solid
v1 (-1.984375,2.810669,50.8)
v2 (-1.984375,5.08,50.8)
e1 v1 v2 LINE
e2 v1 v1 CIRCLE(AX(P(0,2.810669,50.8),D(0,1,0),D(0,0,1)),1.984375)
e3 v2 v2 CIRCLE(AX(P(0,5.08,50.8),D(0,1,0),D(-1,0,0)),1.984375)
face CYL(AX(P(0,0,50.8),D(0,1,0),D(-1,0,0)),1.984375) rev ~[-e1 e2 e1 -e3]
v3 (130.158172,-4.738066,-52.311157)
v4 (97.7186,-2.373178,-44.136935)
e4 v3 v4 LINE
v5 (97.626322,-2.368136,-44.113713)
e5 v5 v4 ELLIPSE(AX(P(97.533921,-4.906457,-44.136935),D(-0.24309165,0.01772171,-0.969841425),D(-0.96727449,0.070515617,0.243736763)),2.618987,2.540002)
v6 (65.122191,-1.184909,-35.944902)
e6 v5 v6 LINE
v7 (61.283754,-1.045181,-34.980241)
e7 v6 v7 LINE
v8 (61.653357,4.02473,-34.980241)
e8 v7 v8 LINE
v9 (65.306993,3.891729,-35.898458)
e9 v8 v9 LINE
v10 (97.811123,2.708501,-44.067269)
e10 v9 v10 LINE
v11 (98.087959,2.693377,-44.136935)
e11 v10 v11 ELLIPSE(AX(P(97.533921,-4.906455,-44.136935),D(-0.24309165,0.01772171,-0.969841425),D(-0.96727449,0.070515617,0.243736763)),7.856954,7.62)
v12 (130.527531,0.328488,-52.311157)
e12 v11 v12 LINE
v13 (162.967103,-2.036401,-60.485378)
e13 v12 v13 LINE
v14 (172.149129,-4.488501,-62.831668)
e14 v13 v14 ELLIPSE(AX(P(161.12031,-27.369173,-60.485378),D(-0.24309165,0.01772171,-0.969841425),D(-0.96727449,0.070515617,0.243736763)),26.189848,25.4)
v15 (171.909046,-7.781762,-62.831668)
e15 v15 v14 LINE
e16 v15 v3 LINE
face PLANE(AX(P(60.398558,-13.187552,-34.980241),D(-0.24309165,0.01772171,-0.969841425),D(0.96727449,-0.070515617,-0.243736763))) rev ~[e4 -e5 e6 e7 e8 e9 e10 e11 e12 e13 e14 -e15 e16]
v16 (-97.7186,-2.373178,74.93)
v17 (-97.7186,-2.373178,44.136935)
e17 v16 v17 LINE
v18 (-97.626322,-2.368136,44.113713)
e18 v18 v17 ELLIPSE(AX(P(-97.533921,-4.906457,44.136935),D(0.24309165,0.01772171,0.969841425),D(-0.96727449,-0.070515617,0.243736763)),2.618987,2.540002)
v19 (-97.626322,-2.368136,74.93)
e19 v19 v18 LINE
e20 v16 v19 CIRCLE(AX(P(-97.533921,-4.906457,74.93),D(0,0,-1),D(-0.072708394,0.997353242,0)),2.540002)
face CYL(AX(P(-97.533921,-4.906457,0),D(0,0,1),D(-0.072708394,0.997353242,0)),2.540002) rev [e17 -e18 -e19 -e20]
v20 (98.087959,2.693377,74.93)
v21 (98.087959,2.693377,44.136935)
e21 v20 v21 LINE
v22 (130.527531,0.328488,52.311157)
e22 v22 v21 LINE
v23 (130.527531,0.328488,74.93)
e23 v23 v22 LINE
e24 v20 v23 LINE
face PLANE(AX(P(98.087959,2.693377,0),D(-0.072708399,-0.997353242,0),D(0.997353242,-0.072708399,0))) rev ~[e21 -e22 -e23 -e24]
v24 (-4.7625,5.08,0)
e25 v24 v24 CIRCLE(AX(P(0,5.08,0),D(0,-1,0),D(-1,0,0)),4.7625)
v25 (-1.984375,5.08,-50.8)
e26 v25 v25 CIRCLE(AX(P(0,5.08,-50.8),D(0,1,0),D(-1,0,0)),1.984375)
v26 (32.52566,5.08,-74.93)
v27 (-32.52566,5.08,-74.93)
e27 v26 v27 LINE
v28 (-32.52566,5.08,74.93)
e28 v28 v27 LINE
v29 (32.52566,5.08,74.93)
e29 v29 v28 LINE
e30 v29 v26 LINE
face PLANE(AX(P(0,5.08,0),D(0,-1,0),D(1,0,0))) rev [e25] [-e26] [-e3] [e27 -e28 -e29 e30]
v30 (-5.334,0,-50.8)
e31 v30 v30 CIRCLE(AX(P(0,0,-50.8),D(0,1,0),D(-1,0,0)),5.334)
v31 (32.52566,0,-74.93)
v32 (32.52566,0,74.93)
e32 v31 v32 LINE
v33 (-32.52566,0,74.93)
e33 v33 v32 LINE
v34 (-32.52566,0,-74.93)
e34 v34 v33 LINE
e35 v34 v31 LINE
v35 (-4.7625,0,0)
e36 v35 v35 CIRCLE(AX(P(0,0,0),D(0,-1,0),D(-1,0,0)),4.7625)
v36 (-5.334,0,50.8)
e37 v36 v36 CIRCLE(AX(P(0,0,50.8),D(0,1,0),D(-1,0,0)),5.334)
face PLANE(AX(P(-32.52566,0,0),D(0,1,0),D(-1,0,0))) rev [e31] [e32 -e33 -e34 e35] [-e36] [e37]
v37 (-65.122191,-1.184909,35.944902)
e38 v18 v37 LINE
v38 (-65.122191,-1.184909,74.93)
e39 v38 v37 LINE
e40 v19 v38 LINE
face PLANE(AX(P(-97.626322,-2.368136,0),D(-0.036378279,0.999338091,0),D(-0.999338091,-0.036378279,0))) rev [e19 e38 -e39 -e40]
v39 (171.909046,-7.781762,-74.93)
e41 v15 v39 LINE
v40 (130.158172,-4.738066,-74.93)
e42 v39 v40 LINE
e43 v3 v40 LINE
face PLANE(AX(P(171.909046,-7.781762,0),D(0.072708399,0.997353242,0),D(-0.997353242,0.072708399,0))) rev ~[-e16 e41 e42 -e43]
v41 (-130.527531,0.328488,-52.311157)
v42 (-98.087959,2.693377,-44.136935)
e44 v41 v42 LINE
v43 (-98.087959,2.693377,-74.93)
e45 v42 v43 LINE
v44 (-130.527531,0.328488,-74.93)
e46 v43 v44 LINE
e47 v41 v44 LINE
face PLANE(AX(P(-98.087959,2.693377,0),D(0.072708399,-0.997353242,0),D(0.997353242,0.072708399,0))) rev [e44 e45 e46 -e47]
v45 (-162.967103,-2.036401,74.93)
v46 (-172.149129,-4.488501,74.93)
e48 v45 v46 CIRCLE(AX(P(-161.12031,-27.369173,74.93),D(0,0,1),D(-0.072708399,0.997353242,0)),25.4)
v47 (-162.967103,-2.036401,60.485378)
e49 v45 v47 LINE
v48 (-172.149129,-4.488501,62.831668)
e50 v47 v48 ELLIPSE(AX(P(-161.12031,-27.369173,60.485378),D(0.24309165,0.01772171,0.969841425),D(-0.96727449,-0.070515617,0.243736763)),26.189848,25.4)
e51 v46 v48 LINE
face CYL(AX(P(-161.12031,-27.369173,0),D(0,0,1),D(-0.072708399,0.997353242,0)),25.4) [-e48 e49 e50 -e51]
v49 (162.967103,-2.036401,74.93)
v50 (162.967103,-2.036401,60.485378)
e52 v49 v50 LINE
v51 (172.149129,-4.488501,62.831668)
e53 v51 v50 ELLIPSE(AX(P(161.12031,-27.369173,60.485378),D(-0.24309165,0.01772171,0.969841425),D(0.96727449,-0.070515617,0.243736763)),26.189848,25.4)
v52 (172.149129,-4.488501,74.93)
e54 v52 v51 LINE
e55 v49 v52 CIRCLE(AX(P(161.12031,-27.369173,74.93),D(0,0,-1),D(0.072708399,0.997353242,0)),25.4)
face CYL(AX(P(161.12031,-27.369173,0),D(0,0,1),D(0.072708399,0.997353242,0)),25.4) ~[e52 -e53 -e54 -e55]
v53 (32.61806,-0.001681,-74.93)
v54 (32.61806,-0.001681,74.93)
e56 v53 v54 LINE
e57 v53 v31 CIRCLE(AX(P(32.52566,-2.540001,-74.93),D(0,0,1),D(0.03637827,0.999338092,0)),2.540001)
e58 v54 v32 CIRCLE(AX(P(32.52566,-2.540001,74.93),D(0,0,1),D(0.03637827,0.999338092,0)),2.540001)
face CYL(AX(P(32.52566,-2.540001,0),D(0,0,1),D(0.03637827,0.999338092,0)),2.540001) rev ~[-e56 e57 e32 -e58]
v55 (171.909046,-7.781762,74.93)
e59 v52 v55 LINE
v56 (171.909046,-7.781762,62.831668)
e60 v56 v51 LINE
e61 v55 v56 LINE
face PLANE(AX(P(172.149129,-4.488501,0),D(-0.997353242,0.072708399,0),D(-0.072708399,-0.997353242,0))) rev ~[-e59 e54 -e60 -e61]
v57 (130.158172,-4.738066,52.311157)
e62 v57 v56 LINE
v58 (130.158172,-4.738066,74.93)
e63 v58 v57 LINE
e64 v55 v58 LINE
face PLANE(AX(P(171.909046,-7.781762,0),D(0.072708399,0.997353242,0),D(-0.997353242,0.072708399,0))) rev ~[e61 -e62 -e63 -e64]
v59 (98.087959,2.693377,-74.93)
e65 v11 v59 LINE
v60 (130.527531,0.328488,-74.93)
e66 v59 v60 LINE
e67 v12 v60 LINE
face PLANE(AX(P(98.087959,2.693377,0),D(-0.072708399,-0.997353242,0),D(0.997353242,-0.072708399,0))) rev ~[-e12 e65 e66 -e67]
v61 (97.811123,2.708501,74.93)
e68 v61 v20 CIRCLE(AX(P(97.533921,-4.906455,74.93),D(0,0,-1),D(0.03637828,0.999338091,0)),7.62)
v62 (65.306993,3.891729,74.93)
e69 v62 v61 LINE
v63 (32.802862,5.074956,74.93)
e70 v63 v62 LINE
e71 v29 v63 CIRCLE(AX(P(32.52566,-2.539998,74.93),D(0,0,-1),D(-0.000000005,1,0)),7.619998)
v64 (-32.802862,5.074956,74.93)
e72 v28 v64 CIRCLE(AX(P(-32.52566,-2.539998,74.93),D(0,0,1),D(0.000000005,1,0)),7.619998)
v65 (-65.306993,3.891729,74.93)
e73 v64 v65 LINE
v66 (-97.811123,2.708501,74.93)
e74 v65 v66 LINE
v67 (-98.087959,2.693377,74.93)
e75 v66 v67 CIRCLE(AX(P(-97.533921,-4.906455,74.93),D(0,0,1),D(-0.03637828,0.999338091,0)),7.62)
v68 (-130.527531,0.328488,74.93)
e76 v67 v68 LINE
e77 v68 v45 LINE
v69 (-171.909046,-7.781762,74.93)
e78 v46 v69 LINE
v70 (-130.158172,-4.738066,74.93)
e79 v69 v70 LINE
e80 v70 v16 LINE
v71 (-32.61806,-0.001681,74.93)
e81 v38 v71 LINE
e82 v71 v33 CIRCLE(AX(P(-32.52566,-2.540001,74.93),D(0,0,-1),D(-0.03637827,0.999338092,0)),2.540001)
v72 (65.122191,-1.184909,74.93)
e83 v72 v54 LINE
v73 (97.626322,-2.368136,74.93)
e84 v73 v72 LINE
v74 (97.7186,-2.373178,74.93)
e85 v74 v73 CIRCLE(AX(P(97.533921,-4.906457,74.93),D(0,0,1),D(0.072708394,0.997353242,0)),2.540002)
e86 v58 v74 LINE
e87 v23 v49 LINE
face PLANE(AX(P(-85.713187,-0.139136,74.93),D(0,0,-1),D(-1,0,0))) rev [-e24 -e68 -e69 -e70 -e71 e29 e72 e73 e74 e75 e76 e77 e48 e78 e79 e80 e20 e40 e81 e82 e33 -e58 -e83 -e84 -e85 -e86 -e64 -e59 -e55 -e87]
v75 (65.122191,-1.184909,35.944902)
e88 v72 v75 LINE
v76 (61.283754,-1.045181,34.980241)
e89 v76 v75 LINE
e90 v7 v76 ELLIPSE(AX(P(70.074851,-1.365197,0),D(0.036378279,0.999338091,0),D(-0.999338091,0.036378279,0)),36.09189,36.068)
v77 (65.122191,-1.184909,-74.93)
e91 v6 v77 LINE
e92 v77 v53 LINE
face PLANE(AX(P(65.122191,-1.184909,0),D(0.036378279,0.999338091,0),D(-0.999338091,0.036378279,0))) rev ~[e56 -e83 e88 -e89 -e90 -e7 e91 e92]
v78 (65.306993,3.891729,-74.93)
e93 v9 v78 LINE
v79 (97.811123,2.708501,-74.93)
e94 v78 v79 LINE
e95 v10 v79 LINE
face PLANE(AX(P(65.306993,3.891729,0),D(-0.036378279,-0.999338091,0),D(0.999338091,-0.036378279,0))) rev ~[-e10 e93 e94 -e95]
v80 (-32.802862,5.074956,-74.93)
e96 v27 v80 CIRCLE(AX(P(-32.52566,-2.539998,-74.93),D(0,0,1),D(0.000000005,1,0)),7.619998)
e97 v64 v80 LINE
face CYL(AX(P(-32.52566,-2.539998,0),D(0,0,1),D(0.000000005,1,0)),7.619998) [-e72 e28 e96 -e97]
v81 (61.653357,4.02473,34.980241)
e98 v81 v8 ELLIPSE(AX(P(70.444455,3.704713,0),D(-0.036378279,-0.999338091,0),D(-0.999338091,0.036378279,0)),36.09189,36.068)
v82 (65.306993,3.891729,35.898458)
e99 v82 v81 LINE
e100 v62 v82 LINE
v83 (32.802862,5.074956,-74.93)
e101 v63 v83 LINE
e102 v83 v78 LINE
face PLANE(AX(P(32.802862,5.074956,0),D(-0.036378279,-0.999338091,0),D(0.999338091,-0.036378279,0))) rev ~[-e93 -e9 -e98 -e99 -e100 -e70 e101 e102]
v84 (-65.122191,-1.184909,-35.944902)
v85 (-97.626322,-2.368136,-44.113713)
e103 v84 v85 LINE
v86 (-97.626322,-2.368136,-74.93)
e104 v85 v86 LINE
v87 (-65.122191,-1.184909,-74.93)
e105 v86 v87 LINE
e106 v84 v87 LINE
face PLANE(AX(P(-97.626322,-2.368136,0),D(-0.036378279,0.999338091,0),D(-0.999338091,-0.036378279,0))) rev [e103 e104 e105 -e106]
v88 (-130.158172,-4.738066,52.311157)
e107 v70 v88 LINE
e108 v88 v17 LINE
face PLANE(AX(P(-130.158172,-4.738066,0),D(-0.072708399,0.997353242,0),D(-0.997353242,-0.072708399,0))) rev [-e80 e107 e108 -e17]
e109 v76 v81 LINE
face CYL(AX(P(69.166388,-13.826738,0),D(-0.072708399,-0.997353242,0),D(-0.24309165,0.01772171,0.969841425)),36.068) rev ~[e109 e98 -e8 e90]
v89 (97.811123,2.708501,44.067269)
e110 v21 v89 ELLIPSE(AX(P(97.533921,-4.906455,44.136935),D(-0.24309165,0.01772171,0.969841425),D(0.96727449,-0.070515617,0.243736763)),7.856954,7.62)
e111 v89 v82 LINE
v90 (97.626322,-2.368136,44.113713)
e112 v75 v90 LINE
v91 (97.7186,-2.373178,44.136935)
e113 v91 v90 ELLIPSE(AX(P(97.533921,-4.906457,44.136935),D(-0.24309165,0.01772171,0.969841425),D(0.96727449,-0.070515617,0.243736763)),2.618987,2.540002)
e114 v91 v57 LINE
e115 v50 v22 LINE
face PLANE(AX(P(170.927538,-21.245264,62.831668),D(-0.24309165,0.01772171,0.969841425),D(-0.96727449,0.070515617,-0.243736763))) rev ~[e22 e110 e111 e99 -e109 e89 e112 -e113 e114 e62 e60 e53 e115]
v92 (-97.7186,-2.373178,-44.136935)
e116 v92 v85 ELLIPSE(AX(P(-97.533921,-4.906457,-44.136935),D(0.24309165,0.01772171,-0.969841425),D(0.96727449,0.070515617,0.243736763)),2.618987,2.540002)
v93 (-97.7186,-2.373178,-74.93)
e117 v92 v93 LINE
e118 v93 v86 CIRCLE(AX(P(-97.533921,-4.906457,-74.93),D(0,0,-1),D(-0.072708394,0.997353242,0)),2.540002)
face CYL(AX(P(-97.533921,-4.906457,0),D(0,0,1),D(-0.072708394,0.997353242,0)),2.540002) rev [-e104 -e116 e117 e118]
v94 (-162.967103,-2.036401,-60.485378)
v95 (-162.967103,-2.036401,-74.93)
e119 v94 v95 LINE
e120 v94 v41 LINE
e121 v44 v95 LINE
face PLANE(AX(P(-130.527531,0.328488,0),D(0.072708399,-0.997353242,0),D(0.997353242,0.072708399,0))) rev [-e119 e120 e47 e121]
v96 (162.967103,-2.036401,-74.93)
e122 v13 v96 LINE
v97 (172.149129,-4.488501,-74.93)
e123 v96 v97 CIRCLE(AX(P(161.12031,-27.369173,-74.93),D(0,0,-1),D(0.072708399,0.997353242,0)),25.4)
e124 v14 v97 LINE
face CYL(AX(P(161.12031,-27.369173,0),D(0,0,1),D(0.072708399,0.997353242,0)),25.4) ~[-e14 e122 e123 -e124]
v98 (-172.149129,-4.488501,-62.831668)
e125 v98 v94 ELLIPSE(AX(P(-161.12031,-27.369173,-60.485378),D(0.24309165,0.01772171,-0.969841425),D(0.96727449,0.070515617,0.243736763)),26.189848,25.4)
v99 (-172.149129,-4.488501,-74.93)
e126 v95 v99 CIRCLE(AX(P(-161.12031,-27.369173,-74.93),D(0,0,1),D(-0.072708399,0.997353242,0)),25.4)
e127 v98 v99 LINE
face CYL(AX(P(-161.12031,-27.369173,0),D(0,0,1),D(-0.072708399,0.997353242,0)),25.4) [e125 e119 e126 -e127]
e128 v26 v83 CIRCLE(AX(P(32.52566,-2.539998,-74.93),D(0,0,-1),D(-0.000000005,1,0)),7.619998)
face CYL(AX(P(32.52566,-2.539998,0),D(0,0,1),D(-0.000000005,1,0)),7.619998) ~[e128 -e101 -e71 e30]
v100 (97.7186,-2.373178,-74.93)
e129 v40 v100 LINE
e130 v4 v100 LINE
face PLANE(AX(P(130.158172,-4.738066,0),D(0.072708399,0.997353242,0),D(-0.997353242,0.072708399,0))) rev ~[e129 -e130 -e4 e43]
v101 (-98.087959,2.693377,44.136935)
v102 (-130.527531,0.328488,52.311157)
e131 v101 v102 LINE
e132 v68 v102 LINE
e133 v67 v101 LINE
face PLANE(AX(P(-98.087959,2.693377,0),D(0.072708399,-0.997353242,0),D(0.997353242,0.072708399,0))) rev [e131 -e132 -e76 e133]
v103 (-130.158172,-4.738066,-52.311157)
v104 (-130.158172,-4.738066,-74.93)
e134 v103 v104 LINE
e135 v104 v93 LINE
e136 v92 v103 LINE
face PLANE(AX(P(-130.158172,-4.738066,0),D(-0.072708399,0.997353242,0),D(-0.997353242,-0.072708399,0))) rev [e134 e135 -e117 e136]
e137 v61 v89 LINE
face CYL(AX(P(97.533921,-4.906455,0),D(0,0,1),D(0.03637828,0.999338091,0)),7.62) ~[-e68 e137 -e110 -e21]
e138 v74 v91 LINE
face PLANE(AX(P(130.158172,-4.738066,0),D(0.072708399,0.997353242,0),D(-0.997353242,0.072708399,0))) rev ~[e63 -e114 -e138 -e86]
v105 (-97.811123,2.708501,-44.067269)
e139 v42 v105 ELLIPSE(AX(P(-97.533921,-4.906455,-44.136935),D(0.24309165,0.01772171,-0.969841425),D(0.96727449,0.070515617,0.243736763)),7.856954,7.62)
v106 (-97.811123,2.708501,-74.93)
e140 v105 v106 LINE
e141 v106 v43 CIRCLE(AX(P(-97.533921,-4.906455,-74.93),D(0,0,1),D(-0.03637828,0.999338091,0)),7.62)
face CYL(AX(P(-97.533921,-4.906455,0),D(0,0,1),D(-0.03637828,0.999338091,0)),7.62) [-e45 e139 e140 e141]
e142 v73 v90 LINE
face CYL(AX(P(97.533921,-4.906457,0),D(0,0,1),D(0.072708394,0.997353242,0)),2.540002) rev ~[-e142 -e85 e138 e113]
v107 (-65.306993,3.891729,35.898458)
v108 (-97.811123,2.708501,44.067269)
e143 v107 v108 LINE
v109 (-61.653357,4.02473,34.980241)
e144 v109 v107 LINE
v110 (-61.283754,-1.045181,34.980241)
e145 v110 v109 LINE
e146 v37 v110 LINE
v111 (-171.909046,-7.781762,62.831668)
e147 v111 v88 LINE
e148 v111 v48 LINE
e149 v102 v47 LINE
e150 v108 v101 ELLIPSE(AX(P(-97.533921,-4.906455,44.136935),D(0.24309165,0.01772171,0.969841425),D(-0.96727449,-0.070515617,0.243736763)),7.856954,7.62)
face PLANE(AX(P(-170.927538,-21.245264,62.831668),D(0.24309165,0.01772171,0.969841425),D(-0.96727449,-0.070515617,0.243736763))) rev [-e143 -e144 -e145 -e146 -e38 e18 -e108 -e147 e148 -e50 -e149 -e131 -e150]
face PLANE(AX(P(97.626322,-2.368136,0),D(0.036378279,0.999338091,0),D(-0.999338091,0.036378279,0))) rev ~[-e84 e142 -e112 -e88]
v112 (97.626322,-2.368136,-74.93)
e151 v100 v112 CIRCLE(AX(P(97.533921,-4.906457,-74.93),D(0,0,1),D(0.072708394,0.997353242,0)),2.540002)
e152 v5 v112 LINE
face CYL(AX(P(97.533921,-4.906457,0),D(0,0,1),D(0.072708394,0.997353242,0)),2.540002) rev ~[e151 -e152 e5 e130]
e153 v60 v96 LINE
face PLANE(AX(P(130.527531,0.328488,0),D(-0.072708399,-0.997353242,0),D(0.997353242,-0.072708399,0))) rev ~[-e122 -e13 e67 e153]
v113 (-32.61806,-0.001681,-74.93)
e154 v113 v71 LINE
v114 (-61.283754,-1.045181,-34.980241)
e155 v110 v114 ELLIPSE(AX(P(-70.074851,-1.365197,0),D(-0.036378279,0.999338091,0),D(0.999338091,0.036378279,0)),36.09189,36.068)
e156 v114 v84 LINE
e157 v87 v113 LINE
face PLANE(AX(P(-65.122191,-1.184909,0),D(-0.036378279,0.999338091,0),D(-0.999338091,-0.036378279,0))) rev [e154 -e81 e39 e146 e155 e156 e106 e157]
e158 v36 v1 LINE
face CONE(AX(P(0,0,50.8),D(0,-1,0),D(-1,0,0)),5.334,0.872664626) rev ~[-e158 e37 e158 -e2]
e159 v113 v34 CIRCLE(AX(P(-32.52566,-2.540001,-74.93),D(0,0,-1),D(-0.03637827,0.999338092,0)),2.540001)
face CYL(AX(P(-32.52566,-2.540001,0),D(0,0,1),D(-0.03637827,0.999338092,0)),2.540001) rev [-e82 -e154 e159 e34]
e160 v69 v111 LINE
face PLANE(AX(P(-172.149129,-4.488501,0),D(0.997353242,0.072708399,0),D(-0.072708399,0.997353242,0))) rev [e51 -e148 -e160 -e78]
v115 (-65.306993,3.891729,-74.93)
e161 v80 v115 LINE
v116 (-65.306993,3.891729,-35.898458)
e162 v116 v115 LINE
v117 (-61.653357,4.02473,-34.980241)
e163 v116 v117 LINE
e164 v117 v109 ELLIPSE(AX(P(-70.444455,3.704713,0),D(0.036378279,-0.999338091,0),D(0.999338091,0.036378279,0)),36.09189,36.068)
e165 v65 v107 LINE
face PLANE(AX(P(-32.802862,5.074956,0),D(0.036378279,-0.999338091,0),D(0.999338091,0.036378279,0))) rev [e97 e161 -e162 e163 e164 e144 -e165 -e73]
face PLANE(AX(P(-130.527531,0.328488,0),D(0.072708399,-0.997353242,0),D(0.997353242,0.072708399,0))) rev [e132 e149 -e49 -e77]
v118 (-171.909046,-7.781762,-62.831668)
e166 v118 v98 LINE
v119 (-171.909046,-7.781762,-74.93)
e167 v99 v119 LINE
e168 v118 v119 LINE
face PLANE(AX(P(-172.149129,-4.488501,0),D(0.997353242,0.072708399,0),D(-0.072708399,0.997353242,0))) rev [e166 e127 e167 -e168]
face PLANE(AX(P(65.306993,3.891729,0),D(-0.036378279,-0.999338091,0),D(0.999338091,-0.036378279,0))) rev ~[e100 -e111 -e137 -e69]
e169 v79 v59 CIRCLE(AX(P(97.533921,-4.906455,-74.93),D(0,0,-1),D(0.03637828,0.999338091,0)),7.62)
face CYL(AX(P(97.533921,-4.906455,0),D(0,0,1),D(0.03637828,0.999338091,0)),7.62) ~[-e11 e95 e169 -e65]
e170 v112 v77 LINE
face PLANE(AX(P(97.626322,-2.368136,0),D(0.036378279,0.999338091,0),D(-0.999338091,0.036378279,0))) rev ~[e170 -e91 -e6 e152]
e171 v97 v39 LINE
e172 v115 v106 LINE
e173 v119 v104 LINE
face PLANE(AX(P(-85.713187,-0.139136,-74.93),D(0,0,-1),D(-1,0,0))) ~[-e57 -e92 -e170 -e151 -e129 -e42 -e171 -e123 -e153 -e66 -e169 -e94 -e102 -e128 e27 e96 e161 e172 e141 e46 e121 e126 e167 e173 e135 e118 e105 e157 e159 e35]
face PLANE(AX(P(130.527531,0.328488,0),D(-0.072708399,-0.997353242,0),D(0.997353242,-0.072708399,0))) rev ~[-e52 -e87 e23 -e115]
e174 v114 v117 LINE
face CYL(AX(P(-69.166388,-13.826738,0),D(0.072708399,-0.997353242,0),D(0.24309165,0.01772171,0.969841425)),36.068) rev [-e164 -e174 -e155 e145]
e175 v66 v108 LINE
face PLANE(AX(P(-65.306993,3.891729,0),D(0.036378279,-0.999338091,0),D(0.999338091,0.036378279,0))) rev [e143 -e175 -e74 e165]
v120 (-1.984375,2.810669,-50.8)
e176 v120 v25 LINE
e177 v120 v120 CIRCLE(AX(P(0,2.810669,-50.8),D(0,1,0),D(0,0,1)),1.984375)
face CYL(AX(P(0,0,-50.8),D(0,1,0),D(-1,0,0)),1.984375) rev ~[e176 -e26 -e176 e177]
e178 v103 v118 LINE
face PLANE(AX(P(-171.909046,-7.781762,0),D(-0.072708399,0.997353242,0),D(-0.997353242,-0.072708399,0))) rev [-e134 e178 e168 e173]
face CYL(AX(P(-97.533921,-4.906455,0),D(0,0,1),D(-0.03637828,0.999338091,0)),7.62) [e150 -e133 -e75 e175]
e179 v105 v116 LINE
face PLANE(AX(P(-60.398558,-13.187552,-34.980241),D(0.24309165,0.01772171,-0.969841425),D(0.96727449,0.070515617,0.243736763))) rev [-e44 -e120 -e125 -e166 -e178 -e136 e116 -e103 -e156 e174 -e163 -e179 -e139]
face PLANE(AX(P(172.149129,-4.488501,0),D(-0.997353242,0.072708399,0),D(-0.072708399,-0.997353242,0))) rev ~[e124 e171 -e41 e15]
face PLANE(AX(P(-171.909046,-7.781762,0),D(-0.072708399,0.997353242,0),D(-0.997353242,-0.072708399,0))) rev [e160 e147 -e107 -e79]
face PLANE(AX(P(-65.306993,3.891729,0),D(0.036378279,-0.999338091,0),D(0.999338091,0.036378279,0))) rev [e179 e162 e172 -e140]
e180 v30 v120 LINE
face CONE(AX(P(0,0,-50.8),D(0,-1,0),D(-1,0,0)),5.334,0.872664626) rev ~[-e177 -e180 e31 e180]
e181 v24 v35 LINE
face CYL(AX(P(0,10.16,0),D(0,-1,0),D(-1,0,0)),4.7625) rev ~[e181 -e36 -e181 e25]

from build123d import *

# Parameters (mm, degrees)
BOSS_EXTRUDE1_DEPTH                       = 74.93
CUT_EXTRUDE1_START                        = -13.499231569
CUT_EXTRUDE1_DEPTH                        = 27.344407223
F_5_32_0_15625_DIAMETER_HOLE1_D           = 3.96875
F_5_32_0_15625_DIAMETER_HOLE1_DEPTH       = 5.08
F_5_32_0_15625_DIAMETER_HOLE1_CSINK_D     = 10.668
F_5_32_0_15625_DIAMETER_HOLE1_CSINK_ANGLE = 100
F_3_8_0_375_DIAMETER_HOLE1_D              = 9.525
F_3_8_0_375_DIAMETER_HOLE1_DEPTH          = 5.08


with BuildPart() as part:
    # Sketch6 → Boss-Extrude1 (new body, symmetric)
    with BuildSketch(Plane.XY):
        with BuildLine():
            Line((0, 0), (0, 5.08))
            Line((0, 5.08), (32.525659605, 5.08))
            ThreePointArc((32.525659605, 5.08), (32.664283789, 5.07873896), (32.80286209, 5.074956256))
            Line((32.80286209, 5.074956256), (65.30699268, 3.891728742))
            Line((65.30699268, 3.891728742), (97.81112327, 2.708501229))
            ThreePointArc((97.81112327, 2.708501229), (97.949609823, 2.702198114), (98.087958789, 2.693376674))
            Line((98.087958789, 2.693376674), (130.527530834, 0.328488024))
            Line((130.527530834, 0.328488024), (162.967102879, -2.036400627))
            ThreePointArc((162.967102879, -2.036400627), (167.673823883, -2.829176028), (172.14912896, -4.488501164))
            Line((172.14912896, -4.488501164), (171.909045825, -7.781761568))
            Line((171.909045825, -7.781761568), (130.158172165, -4.738066444))
            Line((130.158172165, -4.738066444), (97.71860012, -2.373177794))
            ThreePointArc((97.71860012, -2.373177794), (97.672483798, -2.370237314), (97.626321614, -2.368136275))
            Line((97.626321614, -2.368136275), (65.122191024, -1.184908762))
            Line((65.122191024, -1.184908762), (32.618060434, -0.001681248))
            ThreePointArc((32.618060434, -0.001681248), (32.571867667, -0.000420347), (32.525659605, 0))
            Line((32.525659605, 0), (0, 0))
        make_face()
    boss_extrude1 = extrude(amount=BOSS_EXTRUDE1_DEPTH, both=True)

    # Sketch11 → Cut-Extrude1 (cut)
    with BuildSketch(Plane(origin=(0.344497228, 4.725525927, 0), x_dir=(0.997353242, -0.072708399, 0), z_dir=(0.072708399, 0.997353242, 0)).offset(CUT_EXTRUDE1_START)):
        with BuildLine():
            Line((172.019843553, 62.831668461), (172.019843553, -62.831668461))
            Line((172.019843553, -62.831668461), (61.19754378, -34.980240535))
            ThreePointArc((61.19754378, -34.980240535), (33.920641331, 0), (61.19754378, 34.980240535))
            Line((61.19754378, 34.980240535), (172.019843553, 62.831668461))
        make_face()
    cut_extrude1 = extrude(amount=CUT_EXTRUDE1_DEPTH, mode=Mode.SUBTRACT)

    # Mirror1: Boss-Extrude1, Cut-Extrude1 across plane
    add(boss_extrude1.mirror(Plane(origin=(0, 0, 0), x_dir=(0, 0, 1), z_dir=(1, 0, 0))))
    add(cut_extrude1.mirror(Plane(origin=(0, 0, 0), x_dir=(0, 0, 1), z_dir=(1, 0, 0))), mode=Mode.SUBTRACT)

    # 5/32 (0.15625) Diameter Hole1
    with Locations(Plane(origin=(-1.862802154, 0, 42.848601798), x_dir=(1, 0, 0), z_dir=(0, -1, 0))):
        with Locations((1.862802154, -93.648601798), (1.862802154, 7.951398202)):
            CounterSinkHole(F_5_32_0_15625_DIAMETER_HOLE1_D / 2, F_5_32_0_15625_DIAMETER_HOLE1_CSINK_D / 2, depth=F_5_32_0_15625_DIAMETER_HOLE1_DEPTH, counter_sink_angle=F_5_32_0_15625_DIAMETER_HOLE1_CSINK_ANGLE)

    # 3/8 (0.375) Diameter Hole1
    with Locations(Plane(origin=(0, 5.08, 0), x_dir=(1, 0, 0), z_dir=(0, 1, 0))):
        with Locations((0, 0)):
            Hole(F_3_8_0_375_DIAMETER_HOLE1_D / 2, depth=F_3_8_0_375_DIAMETER_HOLE1_DEPTH)


solid = part.part
